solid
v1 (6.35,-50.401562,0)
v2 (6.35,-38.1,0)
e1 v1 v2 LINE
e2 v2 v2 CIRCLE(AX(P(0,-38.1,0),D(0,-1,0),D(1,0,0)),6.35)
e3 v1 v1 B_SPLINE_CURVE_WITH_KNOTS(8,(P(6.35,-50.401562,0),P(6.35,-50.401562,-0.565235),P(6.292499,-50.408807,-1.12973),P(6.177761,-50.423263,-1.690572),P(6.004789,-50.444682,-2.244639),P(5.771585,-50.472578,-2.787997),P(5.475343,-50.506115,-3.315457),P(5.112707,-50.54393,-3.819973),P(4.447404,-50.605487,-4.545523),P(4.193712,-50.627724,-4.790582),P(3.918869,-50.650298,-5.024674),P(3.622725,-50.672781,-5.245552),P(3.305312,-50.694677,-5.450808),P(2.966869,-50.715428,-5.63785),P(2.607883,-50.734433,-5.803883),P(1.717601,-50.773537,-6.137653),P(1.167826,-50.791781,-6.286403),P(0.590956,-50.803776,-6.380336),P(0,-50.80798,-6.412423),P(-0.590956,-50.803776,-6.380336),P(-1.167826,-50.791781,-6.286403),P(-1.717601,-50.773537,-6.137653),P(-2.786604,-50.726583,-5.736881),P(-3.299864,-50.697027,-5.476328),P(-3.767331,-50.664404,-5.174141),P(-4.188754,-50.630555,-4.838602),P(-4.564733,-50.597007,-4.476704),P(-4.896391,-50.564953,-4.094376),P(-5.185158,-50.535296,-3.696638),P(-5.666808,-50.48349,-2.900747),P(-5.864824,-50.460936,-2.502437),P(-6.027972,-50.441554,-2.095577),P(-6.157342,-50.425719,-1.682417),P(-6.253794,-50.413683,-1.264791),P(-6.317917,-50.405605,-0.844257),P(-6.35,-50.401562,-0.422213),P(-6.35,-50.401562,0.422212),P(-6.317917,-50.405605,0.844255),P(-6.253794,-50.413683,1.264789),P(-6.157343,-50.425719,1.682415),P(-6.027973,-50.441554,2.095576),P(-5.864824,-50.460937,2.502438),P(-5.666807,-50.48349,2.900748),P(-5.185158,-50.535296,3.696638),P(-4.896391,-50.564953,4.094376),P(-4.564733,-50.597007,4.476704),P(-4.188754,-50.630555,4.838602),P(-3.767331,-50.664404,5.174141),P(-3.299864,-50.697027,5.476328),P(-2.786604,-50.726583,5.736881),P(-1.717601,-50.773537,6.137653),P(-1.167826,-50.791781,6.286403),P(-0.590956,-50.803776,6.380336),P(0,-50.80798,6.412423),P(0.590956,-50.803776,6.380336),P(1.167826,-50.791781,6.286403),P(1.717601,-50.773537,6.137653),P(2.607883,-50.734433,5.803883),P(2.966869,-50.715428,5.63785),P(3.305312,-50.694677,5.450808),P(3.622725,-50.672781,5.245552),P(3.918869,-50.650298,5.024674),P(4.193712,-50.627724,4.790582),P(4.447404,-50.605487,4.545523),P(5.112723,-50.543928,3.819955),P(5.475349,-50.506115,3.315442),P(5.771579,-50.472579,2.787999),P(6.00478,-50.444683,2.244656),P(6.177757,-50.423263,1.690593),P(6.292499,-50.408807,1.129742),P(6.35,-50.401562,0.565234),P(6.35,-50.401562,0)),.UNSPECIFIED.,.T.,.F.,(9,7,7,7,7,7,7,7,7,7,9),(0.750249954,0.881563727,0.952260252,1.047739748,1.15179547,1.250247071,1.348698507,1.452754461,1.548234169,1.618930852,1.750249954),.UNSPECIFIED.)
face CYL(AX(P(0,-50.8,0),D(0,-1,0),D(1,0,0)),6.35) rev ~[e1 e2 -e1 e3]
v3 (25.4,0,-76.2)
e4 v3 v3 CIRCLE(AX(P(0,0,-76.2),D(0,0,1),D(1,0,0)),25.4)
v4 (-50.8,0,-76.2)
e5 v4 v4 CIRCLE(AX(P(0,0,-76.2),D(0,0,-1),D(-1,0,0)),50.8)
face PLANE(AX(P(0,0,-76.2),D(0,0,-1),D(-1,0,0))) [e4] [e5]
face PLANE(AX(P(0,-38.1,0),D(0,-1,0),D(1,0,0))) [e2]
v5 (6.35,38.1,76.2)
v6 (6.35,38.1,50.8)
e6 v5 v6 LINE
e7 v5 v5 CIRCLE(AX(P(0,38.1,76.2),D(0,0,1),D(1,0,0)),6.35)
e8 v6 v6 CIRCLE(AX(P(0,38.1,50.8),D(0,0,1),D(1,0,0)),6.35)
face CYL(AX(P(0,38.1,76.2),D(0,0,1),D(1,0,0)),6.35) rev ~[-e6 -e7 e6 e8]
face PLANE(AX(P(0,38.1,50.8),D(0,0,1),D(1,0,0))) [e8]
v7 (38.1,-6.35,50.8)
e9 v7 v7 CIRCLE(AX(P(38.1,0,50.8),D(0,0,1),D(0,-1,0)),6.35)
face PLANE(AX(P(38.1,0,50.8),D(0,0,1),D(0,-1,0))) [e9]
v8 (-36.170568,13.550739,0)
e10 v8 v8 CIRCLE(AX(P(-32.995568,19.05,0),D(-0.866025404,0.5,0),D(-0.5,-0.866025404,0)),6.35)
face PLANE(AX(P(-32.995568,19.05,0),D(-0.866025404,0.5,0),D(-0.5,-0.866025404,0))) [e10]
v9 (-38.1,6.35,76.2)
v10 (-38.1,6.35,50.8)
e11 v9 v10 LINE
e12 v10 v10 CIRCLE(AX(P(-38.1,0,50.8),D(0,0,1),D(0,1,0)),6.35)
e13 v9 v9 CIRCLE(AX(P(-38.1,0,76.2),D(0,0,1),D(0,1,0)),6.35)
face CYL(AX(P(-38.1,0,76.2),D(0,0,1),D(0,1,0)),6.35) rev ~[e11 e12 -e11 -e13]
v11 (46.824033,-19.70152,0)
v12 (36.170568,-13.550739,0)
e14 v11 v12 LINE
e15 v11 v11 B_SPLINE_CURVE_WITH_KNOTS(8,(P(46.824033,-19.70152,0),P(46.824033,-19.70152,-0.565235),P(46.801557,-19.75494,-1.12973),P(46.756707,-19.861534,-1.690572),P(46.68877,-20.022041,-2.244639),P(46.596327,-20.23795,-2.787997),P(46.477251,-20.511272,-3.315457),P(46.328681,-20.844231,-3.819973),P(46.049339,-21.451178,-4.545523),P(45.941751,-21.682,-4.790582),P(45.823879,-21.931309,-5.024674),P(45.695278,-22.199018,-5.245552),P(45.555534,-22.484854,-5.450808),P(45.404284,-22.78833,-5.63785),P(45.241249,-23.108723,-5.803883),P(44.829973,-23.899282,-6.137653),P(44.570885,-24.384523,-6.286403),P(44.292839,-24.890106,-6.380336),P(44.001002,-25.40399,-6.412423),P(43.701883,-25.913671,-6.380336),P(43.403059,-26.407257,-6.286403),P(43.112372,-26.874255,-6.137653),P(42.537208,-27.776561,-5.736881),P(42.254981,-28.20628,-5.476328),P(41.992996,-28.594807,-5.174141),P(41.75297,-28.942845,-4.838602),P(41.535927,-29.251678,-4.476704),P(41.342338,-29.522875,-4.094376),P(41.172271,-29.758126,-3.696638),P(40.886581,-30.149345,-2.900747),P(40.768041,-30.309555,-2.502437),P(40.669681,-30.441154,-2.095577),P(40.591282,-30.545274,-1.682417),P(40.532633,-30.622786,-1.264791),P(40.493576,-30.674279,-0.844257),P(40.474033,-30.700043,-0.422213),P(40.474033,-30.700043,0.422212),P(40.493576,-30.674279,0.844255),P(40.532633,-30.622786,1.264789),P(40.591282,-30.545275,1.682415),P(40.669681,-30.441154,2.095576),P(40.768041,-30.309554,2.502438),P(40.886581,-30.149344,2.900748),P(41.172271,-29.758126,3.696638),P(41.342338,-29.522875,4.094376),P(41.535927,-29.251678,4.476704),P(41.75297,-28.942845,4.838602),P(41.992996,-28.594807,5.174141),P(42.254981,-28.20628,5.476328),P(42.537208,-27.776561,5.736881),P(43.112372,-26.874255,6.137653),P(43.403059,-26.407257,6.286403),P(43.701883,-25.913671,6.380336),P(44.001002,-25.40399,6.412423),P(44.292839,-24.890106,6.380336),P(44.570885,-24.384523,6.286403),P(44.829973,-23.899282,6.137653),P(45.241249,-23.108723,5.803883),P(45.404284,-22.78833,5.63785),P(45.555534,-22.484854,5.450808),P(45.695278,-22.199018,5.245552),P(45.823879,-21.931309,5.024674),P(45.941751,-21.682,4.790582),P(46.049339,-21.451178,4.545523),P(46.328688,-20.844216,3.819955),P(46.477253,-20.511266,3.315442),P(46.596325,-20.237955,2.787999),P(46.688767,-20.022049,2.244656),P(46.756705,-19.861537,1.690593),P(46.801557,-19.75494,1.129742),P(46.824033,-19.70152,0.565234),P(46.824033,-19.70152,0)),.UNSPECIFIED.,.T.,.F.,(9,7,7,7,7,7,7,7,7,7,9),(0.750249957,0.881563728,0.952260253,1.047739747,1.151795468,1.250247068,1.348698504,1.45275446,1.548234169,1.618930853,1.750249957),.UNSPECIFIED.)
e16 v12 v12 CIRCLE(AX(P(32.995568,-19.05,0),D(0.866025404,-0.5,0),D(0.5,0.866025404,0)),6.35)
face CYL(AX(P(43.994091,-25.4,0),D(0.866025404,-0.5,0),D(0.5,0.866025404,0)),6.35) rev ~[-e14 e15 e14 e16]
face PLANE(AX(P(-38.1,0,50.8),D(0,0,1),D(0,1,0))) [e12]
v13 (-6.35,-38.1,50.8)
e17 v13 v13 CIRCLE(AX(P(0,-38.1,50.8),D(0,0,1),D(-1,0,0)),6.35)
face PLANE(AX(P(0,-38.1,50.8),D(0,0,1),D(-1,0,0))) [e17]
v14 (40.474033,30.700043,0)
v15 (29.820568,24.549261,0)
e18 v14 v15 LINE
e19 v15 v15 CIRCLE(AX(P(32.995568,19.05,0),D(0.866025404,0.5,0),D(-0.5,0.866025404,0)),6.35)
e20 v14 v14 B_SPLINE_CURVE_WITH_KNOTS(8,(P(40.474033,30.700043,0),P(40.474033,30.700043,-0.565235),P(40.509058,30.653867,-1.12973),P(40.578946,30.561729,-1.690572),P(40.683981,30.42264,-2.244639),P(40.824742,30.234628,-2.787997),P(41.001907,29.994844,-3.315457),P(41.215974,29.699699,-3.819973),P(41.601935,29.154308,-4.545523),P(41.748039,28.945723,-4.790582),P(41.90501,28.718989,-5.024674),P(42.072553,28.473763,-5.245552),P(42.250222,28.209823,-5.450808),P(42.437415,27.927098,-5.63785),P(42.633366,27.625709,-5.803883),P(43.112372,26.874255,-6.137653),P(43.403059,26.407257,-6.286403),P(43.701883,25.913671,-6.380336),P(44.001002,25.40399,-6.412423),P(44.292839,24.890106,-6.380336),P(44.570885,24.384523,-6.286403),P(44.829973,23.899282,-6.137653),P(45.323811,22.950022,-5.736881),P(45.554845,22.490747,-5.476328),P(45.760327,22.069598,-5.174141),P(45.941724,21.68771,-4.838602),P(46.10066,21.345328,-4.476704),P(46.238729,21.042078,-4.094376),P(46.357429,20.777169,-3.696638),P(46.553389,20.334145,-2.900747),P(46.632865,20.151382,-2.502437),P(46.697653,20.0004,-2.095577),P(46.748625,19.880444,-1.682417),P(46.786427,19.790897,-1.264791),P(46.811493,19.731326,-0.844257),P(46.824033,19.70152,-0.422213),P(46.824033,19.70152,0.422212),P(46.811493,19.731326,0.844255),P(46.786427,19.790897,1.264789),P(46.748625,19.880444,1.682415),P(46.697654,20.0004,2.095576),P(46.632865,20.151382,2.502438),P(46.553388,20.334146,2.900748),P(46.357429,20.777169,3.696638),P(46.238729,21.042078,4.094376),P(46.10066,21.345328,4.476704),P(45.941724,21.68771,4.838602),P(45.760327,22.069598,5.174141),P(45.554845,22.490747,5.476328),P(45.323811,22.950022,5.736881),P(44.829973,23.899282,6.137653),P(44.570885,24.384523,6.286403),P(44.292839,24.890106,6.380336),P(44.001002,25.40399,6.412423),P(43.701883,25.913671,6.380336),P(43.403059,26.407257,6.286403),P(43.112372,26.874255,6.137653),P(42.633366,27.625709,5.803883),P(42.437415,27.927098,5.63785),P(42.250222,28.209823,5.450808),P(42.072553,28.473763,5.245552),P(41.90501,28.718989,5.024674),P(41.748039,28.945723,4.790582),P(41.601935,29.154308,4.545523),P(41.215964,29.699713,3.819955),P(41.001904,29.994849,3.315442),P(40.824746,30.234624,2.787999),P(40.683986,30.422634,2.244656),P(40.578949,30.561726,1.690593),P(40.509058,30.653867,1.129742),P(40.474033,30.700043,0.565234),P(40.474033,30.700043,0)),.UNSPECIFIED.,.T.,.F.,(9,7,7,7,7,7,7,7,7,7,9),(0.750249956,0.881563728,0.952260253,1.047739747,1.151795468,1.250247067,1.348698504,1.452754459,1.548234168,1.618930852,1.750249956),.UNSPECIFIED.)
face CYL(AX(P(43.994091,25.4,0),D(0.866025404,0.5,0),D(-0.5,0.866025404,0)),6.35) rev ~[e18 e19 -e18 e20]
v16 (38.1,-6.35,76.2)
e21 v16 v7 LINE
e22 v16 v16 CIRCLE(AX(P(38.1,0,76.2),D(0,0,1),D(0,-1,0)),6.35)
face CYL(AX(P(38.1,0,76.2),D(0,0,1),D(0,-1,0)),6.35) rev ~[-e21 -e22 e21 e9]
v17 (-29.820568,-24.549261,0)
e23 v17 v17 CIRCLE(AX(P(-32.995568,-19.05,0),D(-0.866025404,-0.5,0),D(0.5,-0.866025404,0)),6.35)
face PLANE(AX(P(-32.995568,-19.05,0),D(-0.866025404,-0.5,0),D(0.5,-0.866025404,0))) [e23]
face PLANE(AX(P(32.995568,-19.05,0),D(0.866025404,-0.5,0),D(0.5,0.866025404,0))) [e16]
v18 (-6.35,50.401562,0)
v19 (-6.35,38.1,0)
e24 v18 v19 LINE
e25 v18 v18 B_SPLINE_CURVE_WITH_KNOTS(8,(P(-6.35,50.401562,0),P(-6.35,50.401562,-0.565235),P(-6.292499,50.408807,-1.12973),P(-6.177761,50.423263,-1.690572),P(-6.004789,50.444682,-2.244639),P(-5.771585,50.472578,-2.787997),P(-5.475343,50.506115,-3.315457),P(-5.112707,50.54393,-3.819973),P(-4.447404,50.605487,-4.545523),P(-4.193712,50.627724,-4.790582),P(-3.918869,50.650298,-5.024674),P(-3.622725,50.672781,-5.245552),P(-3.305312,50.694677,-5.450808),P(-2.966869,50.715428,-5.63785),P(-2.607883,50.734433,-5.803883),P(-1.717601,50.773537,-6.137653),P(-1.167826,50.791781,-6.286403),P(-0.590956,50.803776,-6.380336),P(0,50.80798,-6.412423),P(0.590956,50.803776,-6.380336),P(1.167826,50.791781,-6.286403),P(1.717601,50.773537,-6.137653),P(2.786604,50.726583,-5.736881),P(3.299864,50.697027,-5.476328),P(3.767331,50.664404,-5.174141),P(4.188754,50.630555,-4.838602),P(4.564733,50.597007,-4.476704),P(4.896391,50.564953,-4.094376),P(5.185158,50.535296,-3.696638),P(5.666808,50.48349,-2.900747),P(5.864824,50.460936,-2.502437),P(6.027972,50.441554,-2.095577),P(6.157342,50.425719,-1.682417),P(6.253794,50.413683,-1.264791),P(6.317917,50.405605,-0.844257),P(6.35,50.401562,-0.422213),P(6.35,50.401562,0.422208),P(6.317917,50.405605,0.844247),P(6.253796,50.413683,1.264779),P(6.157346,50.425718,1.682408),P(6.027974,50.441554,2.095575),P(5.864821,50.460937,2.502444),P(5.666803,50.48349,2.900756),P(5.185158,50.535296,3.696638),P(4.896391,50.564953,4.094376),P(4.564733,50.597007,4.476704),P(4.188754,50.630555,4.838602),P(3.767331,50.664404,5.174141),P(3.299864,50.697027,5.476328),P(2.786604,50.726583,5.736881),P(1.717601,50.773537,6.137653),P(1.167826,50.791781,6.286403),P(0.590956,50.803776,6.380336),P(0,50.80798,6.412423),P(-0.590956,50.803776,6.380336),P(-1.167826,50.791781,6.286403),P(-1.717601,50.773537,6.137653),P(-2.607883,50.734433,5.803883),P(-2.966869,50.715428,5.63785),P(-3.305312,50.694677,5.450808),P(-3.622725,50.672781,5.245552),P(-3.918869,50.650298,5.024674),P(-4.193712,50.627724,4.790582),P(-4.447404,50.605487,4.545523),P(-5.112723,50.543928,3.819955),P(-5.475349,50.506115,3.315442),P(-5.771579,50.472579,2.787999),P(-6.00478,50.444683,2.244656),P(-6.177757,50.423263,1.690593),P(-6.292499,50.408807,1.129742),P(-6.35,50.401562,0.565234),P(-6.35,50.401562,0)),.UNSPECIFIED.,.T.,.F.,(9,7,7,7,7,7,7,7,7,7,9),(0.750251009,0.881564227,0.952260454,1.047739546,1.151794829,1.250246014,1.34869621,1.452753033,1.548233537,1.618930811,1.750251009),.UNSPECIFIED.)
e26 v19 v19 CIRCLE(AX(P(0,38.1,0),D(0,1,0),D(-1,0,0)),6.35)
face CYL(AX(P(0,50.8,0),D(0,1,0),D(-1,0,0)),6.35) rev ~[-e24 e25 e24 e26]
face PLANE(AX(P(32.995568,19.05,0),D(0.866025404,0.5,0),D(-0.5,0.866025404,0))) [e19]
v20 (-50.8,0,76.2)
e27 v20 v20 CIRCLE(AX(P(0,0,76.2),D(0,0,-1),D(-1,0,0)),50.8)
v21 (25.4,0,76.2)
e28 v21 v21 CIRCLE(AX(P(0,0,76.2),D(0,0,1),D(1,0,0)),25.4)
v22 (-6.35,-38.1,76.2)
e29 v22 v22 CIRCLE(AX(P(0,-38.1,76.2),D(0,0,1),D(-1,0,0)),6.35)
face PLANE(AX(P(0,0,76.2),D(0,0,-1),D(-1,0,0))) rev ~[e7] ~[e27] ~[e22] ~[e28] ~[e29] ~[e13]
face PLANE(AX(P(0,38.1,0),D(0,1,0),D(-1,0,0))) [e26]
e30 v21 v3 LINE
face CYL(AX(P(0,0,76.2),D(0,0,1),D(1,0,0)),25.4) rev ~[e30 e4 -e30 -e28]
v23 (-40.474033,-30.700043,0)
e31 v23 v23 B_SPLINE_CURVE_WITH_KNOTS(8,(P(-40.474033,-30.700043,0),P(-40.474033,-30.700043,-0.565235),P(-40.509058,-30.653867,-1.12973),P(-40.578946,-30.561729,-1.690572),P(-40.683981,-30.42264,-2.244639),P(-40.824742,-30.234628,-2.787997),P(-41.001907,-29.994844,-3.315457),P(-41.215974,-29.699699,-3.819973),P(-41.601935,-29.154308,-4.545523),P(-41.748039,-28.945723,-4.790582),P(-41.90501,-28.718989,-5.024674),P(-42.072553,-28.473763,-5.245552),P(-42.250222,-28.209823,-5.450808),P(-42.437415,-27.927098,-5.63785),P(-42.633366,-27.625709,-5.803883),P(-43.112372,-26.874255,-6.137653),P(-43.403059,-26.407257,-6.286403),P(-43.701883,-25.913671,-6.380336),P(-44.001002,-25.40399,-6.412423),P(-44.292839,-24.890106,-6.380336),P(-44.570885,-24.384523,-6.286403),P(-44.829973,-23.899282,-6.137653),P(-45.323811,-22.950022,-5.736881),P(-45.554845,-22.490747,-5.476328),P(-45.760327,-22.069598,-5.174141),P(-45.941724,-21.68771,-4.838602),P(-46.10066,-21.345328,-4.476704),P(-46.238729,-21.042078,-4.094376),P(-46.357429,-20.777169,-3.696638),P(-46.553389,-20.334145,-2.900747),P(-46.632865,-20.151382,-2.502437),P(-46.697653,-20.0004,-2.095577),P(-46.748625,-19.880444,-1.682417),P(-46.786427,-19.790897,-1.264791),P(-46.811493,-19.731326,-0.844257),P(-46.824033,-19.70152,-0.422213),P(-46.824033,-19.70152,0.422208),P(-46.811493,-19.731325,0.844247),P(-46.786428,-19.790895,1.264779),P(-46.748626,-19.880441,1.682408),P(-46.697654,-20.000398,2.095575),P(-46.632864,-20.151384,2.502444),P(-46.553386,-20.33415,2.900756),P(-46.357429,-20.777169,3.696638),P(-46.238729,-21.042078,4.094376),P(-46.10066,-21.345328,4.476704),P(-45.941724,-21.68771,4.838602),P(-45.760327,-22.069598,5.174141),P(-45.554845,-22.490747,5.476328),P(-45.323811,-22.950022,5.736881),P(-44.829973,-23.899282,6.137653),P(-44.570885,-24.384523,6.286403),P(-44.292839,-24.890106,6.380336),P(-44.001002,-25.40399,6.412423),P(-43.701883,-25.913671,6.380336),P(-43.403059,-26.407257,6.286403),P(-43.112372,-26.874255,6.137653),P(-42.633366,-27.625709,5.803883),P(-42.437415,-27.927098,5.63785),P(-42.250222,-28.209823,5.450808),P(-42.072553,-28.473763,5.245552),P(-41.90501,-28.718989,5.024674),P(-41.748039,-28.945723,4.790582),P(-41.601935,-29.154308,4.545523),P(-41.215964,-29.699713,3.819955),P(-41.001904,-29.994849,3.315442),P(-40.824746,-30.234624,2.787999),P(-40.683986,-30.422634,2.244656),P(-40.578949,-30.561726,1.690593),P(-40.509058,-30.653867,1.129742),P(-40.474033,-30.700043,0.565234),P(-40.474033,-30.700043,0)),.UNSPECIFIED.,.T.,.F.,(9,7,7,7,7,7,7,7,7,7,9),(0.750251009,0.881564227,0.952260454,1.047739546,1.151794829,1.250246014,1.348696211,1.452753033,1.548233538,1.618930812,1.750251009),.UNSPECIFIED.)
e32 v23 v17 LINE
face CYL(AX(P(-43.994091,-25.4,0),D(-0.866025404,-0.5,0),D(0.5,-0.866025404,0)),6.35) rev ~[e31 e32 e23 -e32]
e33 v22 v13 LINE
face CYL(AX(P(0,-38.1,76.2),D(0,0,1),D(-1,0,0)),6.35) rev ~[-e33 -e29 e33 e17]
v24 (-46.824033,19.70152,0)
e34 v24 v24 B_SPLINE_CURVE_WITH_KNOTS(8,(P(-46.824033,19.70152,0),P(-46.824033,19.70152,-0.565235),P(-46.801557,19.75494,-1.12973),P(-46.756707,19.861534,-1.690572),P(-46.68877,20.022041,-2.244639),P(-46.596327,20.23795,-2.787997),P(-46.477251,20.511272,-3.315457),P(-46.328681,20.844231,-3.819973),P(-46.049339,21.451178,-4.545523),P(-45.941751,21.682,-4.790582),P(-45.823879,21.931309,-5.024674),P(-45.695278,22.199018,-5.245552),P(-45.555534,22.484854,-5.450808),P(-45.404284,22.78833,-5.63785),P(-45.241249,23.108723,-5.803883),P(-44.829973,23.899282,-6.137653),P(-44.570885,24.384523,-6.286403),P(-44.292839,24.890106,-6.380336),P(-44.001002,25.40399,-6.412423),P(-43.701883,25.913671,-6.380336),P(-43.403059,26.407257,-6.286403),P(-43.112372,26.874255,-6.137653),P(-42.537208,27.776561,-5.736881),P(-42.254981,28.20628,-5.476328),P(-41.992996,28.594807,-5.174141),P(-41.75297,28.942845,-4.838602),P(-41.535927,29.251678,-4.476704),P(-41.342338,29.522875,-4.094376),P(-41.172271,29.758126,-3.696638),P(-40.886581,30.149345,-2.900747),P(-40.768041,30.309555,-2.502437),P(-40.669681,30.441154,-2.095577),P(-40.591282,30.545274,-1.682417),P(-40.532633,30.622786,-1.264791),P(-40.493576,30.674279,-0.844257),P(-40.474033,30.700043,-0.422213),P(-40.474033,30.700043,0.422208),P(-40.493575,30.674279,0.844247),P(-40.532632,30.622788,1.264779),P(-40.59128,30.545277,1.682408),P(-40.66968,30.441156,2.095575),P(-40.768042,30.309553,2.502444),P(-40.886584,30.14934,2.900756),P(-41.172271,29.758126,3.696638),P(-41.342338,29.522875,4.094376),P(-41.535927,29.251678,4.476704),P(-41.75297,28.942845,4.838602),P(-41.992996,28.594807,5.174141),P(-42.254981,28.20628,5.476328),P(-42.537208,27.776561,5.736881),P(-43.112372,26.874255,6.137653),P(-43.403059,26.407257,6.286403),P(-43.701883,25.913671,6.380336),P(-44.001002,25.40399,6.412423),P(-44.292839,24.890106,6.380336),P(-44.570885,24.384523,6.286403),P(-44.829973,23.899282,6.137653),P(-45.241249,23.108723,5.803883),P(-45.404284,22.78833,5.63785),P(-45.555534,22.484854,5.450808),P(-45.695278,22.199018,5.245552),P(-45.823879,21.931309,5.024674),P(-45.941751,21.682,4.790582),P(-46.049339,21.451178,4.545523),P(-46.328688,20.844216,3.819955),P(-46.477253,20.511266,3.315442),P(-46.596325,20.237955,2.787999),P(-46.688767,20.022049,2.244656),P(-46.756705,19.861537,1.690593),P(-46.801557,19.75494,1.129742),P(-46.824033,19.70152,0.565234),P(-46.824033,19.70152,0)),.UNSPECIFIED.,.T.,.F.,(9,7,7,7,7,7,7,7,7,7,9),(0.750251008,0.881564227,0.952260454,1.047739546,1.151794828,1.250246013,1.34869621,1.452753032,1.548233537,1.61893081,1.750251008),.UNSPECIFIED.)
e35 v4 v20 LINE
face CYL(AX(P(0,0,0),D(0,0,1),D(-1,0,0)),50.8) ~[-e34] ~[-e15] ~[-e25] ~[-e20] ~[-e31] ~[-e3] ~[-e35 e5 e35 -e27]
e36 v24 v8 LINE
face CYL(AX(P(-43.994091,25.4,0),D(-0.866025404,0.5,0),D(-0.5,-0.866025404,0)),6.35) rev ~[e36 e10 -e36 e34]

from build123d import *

# Parameters (mm, degrees)
F0_W      = 50.8
F0_H      = 152.4
F3_R      = 6.35
F4_DEPTH  = 12.7
F5_COUNT  = 6
F8_R      = 25.4
F9_DEPTH  = 152.4
F12_R     = 6.35
F13_DEPTH = 25.4
F14_COUNT = 4


with BuildPart() as f1:
    # F0 (on Front) → F1 (revolve)
    with BuildSketch(Plane.XZ):
        with Locations((-25.4, 0)):
            Rectangle(F0_W, F0_H)
    revolve(axis=Axis((0, 0, 0), (0, 0, -1)))


with BuildPart() as f4:
    # F3 (on offset) → F4 (new body)
    with BuildSketch(Plane.XZ.offset(50.8)):
        Circle(F3_R)
    extrude(amount=-F4_DEPTH)


with BuildPart() as f5_1:
    # F5: instance of F4
    add(f4.part.rotate(Axis((0, 0, -76.2), (0, 0, -1)), 1 * 360 / F5_COUNT))


with BuildPart() as f5_2:
    # F5: instance of F4
    add(f4.part.rotate(Axis((0, 0, -76.2), (0, 0, -1)), 2 * 360 / F5_COUNT))


with BuildPart() as f5_3:
    # F5: instance of F4
    add(f4.part.rotate(Axis((0, 0, -76.2), (0, 0, -1)), 3 * 360 / F5_COUNT))


with BuildPart() as f5_4:
    # F5: instance of F4
    add(f4.part.rotate(Axis((0, 0, -76.2), (0, 0, -1)), 4 * 360 / F5_COUNT))


with BuildPart() as f5_5:
    # F5: instance of F4
    add(f4.part.rotate(Axis((0, 0, -76.2), (0, 0, -1)), 5 * 360 / F5_COUNT))


with BuildPart() as f1_1:
    add(f1.part)

    # F6: cut F4, F5_1, F5_2, F5_3, F5_4, F5_5
    add(f4.part, mode=Mode.SUBTRACT)
    add(f5_1.part, mode=Mode.SUBTRACT)
    add(f5_2.part, mode=Mode.SUBTRACT)
    add(f5_3.part, mode=Mode.SUBTRACT)
    add(f5_4.part, mode=Mode.SUBTRACT)
    add(f5_5.part, mode=Mode.SUBTRACT)


with BuildPart() as f9:
    # F8 (on offset) → F9 (new body)
    with BuildSketch(Plane.XY.offset(76.2)):
        Circle(F8_R)
    extrude(amount=-F9_DEPTH)


with BuildPart() as f1_2:
    add(f1_1.part)

    # F10: cut F9
    add(f9.part, mode=Mode.SUBTRACT)


with BuildPart() as f13:
    # F12 (on offset) → F13 (new body)
    with BuildSketch(Plane.XY.offset(76.2)):
        with Locations((0, 38.1)):
            Circle(F12_R)
    extrude(amount=-F13_DEPTH)


with BuildPart() as f14_1:
    # F14: instance of F13
    add(f13.part.rotate(Axis((0, 0, 0), (0, 0, -1)), 1 * 360 / F14_COUNT))


with BuildPart() as f14_2:
    # F14: instance of F13
    add(f13.part.rotate(Axis((0, 0, 0), (0, 0, -1)), 2 * 360 / F14_COUNT))


with BuildPart() as f14_3:
    # F14: instance of F13
    add(f13.part.rotate(Axis((0, 0, 0), (0, 0, -1)), 3 * 360 / F14_COUNT))


with BuildPart() as f1_3:
    add(f1_2.part)

    # F15: cut F13, F14_1, F14_2, F14_3
    add(f13.part, mode=Mode.SUBTRACT)
    add(f14_1.part, mode=Mode.SUBTRACT)
    add(f14_2.part, mode=Mode.SUBTRACT)
    add(f14_3.part, mode=Mode.SUBTRACT)


solid = f1_3.part
